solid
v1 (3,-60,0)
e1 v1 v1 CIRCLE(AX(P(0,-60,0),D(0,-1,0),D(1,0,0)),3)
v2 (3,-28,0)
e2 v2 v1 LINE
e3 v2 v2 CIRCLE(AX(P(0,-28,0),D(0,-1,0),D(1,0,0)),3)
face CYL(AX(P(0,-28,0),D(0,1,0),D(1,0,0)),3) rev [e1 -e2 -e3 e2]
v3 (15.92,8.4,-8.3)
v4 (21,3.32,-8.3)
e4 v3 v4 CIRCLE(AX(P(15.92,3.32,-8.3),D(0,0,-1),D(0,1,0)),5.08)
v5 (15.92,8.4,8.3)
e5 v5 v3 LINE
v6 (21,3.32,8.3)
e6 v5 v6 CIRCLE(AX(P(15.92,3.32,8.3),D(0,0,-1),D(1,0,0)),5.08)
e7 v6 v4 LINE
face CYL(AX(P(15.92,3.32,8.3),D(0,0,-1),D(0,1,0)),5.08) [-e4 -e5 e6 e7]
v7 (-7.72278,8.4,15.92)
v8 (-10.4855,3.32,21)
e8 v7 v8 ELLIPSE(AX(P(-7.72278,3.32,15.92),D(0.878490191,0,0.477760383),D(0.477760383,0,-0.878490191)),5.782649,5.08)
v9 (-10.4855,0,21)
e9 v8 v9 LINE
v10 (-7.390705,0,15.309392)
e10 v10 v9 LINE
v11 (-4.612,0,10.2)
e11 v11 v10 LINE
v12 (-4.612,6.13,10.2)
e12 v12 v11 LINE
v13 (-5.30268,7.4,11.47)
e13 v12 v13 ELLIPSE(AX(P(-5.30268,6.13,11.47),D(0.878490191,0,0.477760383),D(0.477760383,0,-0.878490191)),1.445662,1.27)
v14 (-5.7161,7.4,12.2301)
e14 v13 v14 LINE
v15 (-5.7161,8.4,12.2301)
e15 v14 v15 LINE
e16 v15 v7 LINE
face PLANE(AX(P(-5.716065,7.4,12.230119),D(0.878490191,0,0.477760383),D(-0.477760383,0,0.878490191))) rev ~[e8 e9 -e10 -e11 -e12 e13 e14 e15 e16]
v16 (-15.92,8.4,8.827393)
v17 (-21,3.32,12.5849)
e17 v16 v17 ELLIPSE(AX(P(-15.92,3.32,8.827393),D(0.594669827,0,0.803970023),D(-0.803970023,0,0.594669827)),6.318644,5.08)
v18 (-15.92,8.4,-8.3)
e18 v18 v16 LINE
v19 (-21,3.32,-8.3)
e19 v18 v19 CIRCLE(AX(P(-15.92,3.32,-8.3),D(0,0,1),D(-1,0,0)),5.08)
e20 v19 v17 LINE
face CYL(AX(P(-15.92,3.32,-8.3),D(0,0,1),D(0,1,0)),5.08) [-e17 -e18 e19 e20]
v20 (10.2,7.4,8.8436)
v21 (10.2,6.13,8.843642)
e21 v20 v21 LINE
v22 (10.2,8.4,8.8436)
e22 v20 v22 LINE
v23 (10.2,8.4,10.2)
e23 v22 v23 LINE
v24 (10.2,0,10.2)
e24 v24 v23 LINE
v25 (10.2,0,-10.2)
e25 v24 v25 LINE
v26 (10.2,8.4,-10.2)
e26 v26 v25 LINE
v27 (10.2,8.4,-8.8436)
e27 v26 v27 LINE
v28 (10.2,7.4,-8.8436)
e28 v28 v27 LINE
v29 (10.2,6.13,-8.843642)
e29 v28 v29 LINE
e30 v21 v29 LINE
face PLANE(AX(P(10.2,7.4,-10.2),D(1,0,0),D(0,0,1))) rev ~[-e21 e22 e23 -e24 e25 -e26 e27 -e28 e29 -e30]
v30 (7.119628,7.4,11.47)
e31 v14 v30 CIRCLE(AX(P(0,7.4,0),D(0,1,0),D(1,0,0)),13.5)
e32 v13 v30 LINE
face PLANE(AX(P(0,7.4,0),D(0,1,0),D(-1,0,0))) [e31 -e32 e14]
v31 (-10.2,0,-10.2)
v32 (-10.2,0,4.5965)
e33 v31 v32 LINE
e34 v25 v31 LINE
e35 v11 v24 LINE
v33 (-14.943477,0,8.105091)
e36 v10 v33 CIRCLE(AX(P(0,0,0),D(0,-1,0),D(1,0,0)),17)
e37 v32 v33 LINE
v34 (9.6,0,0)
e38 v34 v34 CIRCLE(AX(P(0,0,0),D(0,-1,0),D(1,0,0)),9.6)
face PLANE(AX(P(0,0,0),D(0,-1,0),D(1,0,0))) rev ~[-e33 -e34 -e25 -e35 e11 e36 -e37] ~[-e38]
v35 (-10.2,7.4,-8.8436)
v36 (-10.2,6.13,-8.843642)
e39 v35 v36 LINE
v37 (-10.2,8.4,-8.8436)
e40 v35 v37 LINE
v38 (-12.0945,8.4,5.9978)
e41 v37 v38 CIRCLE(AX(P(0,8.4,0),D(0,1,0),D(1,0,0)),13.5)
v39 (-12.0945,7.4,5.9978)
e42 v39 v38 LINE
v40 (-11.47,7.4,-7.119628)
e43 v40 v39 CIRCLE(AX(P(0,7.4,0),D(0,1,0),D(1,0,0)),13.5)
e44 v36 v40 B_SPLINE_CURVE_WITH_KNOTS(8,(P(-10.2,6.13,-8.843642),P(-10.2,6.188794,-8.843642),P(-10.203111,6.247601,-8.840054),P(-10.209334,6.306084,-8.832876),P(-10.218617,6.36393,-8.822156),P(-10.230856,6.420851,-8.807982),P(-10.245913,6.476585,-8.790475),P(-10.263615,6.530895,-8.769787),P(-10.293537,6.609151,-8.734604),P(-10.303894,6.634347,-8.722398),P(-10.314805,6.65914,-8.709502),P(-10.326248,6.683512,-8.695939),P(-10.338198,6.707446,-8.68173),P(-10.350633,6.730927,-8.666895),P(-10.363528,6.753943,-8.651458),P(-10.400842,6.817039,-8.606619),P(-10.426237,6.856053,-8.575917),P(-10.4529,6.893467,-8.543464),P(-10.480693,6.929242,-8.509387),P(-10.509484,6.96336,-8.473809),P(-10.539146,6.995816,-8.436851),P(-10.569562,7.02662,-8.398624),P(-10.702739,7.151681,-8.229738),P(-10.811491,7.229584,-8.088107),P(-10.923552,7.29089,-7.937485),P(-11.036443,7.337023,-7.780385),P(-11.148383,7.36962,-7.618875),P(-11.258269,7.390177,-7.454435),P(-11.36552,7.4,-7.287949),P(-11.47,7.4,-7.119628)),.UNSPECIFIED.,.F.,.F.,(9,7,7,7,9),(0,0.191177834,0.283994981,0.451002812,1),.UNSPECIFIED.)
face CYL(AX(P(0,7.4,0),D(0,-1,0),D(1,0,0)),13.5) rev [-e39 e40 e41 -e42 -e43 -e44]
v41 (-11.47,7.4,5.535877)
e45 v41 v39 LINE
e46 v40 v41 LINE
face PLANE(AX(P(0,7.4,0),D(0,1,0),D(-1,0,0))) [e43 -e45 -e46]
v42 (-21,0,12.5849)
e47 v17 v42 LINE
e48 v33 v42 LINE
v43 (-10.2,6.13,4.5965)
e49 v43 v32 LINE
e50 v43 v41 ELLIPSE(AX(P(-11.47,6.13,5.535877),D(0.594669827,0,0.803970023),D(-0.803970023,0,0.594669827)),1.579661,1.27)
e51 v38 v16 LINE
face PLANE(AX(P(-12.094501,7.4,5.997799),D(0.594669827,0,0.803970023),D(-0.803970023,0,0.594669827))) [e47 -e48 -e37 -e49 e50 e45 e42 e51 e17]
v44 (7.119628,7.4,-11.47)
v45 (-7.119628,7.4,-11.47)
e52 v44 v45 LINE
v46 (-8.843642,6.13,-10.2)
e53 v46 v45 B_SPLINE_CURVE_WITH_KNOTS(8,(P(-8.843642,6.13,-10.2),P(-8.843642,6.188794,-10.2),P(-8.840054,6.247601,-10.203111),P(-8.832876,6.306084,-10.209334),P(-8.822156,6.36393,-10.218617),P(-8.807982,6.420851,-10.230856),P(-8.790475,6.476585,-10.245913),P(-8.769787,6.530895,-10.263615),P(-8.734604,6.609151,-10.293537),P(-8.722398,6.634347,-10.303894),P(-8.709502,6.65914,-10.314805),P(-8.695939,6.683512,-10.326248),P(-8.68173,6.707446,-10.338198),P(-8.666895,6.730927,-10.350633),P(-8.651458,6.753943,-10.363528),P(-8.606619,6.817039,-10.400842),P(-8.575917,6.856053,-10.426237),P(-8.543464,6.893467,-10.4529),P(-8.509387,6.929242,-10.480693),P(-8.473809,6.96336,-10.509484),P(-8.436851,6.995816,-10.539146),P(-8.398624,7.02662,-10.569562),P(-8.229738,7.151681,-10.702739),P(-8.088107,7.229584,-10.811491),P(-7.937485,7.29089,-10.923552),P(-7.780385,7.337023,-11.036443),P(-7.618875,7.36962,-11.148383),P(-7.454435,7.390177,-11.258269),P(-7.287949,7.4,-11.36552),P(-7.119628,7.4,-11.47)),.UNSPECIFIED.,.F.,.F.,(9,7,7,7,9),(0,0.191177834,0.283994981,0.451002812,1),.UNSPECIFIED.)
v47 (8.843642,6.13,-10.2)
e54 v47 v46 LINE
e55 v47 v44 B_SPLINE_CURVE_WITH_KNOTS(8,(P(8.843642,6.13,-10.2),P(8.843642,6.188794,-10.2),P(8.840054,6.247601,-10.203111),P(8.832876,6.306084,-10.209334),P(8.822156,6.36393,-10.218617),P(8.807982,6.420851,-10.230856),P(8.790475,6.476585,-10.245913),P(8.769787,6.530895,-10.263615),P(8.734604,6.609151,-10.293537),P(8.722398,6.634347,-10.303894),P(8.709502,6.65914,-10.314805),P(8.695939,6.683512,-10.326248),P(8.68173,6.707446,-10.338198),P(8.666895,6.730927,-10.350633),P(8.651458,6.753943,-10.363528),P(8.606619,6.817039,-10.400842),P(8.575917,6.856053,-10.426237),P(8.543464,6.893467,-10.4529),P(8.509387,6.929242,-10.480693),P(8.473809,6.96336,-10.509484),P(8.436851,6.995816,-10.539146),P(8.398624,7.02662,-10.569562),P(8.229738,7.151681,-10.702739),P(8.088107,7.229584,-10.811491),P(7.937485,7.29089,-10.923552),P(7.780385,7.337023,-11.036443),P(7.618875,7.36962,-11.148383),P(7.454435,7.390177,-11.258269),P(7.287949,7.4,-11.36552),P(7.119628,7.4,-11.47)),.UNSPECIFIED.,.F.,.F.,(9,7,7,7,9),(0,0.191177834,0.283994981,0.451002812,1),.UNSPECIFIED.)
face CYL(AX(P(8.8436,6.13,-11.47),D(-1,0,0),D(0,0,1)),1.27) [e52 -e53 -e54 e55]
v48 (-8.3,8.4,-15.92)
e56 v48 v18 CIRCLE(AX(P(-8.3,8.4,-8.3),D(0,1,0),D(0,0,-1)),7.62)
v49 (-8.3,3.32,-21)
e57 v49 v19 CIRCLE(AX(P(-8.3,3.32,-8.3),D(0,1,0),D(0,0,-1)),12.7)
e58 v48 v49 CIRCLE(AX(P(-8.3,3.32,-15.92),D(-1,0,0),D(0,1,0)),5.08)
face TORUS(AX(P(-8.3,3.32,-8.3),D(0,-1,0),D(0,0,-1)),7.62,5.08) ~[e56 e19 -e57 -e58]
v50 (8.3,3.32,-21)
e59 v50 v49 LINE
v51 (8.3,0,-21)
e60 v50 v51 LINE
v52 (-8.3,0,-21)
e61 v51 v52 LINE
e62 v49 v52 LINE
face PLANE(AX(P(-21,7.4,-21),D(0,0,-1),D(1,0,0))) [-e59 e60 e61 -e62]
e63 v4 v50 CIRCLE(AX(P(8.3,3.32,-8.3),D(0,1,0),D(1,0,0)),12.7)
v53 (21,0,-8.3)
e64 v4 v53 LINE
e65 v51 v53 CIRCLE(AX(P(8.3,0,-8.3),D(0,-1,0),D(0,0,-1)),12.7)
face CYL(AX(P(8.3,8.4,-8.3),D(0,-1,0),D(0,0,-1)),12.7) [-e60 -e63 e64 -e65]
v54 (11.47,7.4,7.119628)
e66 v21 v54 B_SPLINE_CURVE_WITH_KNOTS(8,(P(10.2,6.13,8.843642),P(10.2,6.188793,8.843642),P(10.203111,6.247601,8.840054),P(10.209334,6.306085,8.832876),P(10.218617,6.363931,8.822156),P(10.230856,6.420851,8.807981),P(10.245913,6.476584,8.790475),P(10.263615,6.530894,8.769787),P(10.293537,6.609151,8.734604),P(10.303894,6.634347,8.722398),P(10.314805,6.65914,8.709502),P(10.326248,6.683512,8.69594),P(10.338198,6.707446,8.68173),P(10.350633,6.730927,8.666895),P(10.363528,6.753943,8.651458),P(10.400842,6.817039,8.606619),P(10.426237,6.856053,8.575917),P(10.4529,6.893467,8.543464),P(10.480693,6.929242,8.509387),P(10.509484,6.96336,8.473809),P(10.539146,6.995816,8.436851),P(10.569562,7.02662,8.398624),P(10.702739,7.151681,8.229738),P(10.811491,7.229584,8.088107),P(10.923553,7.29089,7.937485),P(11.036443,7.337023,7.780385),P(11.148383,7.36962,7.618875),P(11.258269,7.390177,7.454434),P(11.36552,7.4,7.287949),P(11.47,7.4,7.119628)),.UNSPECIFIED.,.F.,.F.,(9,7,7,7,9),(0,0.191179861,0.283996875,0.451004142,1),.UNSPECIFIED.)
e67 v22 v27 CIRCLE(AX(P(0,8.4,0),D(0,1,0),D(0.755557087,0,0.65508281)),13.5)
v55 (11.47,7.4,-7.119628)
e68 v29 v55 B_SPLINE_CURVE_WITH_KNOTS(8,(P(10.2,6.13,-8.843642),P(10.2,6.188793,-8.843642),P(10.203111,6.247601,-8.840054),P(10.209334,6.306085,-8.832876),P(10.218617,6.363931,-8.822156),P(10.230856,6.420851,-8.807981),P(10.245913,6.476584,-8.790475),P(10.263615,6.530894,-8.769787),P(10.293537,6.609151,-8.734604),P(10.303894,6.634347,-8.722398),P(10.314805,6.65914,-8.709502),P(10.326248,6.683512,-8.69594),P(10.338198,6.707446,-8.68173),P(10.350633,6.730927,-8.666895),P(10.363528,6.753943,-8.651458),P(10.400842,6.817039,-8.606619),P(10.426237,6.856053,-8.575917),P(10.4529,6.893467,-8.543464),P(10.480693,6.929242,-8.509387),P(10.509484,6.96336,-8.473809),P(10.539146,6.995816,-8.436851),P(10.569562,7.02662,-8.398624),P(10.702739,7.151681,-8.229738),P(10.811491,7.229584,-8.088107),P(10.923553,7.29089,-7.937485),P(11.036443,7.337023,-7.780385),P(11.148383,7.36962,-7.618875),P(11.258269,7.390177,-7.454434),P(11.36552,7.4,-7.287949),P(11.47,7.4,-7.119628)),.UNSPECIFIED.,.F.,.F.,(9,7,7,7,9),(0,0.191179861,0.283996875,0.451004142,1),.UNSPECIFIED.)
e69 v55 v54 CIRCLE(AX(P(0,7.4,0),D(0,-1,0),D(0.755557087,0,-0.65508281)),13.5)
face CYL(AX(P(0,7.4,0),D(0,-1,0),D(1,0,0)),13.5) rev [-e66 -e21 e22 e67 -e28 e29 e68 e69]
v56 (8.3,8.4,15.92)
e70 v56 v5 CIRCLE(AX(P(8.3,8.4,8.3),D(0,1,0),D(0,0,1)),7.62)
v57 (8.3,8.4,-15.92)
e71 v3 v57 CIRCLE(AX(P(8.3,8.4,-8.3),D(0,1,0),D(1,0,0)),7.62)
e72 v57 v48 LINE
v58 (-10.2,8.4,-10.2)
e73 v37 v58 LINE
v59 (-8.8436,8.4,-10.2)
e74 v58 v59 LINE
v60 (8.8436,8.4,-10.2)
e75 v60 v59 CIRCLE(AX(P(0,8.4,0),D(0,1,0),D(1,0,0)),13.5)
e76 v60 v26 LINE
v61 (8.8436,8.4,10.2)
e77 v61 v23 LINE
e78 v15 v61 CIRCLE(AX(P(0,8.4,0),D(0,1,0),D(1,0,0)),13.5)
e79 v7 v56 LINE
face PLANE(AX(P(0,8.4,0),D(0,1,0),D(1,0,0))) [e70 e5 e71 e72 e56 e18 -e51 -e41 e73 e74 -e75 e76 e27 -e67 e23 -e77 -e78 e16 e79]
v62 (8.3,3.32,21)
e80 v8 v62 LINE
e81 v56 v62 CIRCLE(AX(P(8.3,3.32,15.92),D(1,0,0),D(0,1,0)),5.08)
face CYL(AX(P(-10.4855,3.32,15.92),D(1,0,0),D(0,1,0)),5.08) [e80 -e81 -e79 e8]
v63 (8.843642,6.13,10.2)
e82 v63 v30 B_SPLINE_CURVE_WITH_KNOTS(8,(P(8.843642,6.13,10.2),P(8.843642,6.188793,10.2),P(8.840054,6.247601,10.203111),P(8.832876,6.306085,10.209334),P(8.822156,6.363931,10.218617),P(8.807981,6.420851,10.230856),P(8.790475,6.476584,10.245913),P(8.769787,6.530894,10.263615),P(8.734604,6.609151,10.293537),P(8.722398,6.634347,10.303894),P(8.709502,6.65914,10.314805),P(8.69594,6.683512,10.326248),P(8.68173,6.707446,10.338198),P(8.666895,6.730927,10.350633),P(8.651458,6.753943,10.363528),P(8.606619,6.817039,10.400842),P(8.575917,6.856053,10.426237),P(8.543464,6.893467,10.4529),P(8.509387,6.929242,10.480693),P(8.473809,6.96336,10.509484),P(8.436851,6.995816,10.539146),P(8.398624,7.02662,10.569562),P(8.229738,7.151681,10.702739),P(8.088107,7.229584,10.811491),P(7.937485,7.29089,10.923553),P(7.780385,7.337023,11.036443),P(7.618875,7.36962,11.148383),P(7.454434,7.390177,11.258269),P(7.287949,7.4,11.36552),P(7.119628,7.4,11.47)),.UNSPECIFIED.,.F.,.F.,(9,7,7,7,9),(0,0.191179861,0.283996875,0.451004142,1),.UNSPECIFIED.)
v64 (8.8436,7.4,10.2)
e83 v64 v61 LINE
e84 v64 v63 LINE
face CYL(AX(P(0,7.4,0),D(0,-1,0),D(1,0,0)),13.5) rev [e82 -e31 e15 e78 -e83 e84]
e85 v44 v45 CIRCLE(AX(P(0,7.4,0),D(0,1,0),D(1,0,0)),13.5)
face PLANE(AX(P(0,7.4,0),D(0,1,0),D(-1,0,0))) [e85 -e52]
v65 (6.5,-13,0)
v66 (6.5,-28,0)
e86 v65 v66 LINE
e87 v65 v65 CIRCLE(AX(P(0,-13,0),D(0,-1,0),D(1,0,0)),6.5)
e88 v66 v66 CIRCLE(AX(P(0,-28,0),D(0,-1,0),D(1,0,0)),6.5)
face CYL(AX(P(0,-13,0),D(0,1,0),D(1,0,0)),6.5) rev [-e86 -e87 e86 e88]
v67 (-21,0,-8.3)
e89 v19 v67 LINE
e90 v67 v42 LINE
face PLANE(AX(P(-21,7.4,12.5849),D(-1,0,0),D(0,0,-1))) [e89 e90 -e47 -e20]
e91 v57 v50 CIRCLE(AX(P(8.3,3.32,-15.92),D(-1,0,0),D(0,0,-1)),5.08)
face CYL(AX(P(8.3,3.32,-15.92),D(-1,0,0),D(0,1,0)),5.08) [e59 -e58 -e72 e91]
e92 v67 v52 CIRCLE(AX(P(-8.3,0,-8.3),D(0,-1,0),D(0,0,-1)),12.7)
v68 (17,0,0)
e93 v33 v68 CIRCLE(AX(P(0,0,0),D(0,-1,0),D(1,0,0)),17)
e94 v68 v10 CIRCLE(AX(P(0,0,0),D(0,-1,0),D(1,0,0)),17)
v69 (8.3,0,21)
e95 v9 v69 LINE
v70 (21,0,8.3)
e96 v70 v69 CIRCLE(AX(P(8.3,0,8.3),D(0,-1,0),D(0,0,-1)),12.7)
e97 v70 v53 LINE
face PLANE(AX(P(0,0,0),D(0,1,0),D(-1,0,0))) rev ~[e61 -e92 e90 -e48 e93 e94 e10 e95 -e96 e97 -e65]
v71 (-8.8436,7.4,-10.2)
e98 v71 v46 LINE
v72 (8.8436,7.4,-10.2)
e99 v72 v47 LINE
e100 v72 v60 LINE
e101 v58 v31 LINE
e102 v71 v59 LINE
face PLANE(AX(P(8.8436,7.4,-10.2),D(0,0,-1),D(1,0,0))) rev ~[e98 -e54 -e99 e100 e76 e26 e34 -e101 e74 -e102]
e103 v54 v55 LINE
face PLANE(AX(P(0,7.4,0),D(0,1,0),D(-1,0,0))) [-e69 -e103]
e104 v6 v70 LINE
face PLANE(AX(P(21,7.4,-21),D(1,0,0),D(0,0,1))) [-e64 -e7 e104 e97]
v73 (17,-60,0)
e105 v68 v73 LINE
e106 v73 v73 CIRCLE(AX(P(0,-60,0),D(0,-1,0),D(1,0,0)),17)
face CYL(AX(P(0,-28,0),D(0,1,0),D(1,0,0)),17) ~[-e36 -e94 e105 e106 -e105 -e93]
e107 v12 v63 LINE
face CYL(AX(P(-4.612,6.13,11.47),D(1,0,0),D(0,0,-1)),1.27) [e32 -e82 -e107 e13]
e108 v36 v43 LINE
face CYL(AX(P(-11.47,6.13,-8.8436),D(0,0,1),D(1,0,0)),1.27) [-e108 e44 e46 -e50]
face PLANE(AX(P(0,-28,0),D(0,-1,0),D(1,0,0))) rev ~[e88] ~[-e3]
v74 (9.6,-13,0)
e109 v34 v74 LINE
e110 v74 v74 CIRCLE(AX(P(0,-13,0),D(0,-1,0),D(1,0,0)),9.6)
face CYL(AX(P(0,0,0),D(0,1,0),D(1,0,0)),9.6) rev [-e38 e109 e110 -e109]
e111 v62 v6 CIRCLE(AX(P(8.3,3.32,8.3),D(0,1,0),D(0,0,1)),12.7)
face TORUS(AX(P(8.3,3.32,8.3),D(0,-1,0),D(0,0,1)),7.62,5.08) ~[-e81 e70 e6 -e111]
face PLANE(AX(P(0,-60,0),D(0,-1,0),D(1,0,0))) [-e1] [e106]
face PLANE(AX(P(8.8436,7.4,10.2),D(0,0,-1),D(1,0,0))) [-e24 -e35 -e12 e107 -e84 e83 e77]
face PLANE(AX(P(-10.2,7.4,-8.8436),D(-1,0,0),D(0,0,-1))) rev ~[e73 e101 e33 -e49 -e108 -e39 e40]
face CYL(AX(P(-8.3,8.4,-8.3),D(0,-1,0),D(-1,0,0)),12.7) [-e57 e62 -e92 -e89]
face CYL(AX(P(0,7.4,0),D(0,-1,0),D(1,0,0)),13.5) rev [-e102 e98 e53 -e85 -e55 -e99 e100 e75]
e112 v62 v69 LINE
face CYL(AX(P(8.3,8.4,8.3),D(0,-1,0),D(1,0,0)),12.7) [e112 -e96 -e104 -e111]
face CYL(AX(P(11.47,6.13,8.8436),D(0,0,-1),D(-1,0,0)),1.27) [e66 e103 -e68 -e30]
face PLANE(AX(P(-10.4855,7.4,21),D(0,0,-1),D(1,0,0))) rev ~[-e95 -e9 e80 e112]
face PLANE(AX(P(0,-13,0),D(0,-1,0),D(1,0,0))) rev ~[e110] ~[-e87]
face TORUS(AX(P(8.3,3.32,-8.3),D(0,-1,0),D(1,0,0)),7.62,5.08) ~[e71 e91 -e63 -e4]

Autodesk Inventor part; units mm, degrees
ref_plane "YZ Plane" through (0, 0, 0) normal (1, 0, 0) x (0, 1, 0)
ref_plane "XZ Plane" through (0, 0, 0) normal (0, 1, 0) x (-1, 0, 0)
ref_plane "XY Plane" through (0, 0, 0) normal (0, 0, 1) x (1, 0, 0)
sketch "Sketch2" plane through (0, 0, 0) normal (0, 1, 0) x (-1, 0, 0)
  line L0 (21, 21) -> (-21, 21)
  line L1 (-21, 21) -> (-21, -21)
  line L2 (-21, -21) -> (21, -21)
  line L3 (21, -21) -> (21, 21)
  line L4 (21, 21) -> (-21, -21) construction
  line L5 (-21, 21) -> (21, -21) construction
  point P0 (0, 0)
  point P1 (-21, 0)
  dimension "d1" = 42
  dimension "d2" = 42
extrude "Extrusion1" add sketch "Sketch2" along normal blind 7.4
sketch "Sketch3" plane through (0, 7.4, 0) normal (0, 1, 0) x (1, 0, 0)
  line L0 (-10.2, -10.2) -> (10.2, -10.2)
  line L1 (10.2, -10.2) -> (10.2, 10.2)
  line L2 (10.2, 10.2) -> (-10.2, 10.2)
  line L3 (-10.2, 10.2) -> (-10.2, -10.2)
  line L4 (-10.2, -10.2) -> (10.2, 10.2) construction
  line L5 (10.2, -10.2) -> (-10.2, 10.2) construction
  line L6 (-4.612, -10.2) -> (-10.4855, -21)
  line L7 (-10.2, -4.5965) -> (-21, -12.5849)
  line L8 (-21, 21) -> (-21, -21) projected
  line L9 (-21, -12.5849) -> (-21, -21)
  line L10 (-21, -21) -> (-10.4855, -21)
  line L11 (-21, -21) -> (21, -21) projected
  line L12 (-10.2, -10.2) -> (-10.2, -4.5965)
  point P0 (0, 0)
  dimension "d5" = 20.4
  dimension "d6" = 20.4
  dimension "d9" = 5.588
extrude "Extrusion2" cut sketch "Sketch3" against normal blind 7.4
sketch "Sketch4" plane through (0, 7.4, 0) normal (0, 1, 0) x (1, 0, 0)
  circle A0 centre (0, 0) radius 13.5
  line L0 (-10.2, -4.5965) -> (-21, -12.5849) projected
  line L1 (-12.0945, -5.9978) -> (-21, -12.5849)
  line L2 (-21, -12.5849) -> (-21, 21)
  line L3 (-21, 21) -> (21, 21)
  line L4 (21, 21) -> (21, -21.0478)
  line L5 (-4.612, -10.2) -> (-10.4855, -21) projected
  line L6 (-5.7161, -12.2301) -> (-10.4855, -21)
  line L7 (-10.4855, -21) -> (21, -21) projected
  line L8 (21, -21) -> (-10.4855, -21)
  line L9 (10.2, 10.2) -> (10.2, -10.2) projected
  line L10 (8.8436, -10.2) -> (10.2, -10.2)
  line L11 (10.2, -10.2) -> (10.2, -8.8436)
  line L12 (-10.2, 10.2) -> (10.2, 10.2) projected
  line L13 (8.8436, 10.2) -> (10.2, 10.2)
  line L14 (10.2, 10.2) -> (10.2, 8.8436)
  line L15 (-10.2, -4.5965) -> (-10.2, 10.2) projected
  line L16 (-10.2, 8.8436) -> (-10.2, 10.2)
  line L17 (-10.2, 10.2) -> (-8.8436, 10.2)
  point P0 (-8.8436, 10.2)
  point P1 (10.2, -8.8436)
  dimension "d10" = 27
extrude "Extrusion3" add sketch "Sketch4" along normal blind 1 contours A0 L9 L12 L15 L0 L2 L3 L4 L7 L5 L10
fillet "Fillet4" radius 12.7 3 edges at (21, 4.2, 21) (21, 4.2, -21) (-21, 4.2, -21)
fillet "Fillet5" radius 5.08 7 edges at (-1.0927, 8.4, 21) (21, 8.4, 0) (17.2803, 8.4, -17.2803) (0, 8.4, -21) (-17.2803, 8.4, -17.2803) (-21, 8.4, 2.1424) (17.2803, 8.4, 17.2803)
fillet "Fillet6" radius 1.27 4 edges at (2.1158, 7.4, 10.2) (-10.2, 7.4, -2.1236) (0, 7.4, -10.2) (10.2, 7.4, 0)
sketch "Sketch5" plane through (0, 0, 0) normal (0, -1, 0) x (1, 0, 0)
  circle A0 centre (0, 0) radius 17
  circle A1 centre (0, 0) radius 9.6
  dimension "d19" = 34
  dimension "d20" = 19.2
extrude "Extrusion4" add sketch "Sketch5" along normal blind 13
sketch "Sketch6" plane through (0, -13, 0) normal (0, -1, 0) x (1, 0, 0)
  circle A0 centre (0, 0) radius 17
  circle A1 centre (0, 0) radius 6.5
  dimension "d23" = 13
extrude "Extrusion5" add sketch "Sketch6" along normal blind 15
sketch "Sketch8" plane through (0, -28, 0) normal (0, -1, 0) x (1, 0, 0)
  circle A0 centre (0, 0) radius 17
  circle A1 centre (0, 0) radius 3
  dimension "d29" = 6
  dimension "d32" = 34
extrude "Extrusion7" add sketch "Sketch8" along normal blind 32
properties part number "Wheel Adaptor"
